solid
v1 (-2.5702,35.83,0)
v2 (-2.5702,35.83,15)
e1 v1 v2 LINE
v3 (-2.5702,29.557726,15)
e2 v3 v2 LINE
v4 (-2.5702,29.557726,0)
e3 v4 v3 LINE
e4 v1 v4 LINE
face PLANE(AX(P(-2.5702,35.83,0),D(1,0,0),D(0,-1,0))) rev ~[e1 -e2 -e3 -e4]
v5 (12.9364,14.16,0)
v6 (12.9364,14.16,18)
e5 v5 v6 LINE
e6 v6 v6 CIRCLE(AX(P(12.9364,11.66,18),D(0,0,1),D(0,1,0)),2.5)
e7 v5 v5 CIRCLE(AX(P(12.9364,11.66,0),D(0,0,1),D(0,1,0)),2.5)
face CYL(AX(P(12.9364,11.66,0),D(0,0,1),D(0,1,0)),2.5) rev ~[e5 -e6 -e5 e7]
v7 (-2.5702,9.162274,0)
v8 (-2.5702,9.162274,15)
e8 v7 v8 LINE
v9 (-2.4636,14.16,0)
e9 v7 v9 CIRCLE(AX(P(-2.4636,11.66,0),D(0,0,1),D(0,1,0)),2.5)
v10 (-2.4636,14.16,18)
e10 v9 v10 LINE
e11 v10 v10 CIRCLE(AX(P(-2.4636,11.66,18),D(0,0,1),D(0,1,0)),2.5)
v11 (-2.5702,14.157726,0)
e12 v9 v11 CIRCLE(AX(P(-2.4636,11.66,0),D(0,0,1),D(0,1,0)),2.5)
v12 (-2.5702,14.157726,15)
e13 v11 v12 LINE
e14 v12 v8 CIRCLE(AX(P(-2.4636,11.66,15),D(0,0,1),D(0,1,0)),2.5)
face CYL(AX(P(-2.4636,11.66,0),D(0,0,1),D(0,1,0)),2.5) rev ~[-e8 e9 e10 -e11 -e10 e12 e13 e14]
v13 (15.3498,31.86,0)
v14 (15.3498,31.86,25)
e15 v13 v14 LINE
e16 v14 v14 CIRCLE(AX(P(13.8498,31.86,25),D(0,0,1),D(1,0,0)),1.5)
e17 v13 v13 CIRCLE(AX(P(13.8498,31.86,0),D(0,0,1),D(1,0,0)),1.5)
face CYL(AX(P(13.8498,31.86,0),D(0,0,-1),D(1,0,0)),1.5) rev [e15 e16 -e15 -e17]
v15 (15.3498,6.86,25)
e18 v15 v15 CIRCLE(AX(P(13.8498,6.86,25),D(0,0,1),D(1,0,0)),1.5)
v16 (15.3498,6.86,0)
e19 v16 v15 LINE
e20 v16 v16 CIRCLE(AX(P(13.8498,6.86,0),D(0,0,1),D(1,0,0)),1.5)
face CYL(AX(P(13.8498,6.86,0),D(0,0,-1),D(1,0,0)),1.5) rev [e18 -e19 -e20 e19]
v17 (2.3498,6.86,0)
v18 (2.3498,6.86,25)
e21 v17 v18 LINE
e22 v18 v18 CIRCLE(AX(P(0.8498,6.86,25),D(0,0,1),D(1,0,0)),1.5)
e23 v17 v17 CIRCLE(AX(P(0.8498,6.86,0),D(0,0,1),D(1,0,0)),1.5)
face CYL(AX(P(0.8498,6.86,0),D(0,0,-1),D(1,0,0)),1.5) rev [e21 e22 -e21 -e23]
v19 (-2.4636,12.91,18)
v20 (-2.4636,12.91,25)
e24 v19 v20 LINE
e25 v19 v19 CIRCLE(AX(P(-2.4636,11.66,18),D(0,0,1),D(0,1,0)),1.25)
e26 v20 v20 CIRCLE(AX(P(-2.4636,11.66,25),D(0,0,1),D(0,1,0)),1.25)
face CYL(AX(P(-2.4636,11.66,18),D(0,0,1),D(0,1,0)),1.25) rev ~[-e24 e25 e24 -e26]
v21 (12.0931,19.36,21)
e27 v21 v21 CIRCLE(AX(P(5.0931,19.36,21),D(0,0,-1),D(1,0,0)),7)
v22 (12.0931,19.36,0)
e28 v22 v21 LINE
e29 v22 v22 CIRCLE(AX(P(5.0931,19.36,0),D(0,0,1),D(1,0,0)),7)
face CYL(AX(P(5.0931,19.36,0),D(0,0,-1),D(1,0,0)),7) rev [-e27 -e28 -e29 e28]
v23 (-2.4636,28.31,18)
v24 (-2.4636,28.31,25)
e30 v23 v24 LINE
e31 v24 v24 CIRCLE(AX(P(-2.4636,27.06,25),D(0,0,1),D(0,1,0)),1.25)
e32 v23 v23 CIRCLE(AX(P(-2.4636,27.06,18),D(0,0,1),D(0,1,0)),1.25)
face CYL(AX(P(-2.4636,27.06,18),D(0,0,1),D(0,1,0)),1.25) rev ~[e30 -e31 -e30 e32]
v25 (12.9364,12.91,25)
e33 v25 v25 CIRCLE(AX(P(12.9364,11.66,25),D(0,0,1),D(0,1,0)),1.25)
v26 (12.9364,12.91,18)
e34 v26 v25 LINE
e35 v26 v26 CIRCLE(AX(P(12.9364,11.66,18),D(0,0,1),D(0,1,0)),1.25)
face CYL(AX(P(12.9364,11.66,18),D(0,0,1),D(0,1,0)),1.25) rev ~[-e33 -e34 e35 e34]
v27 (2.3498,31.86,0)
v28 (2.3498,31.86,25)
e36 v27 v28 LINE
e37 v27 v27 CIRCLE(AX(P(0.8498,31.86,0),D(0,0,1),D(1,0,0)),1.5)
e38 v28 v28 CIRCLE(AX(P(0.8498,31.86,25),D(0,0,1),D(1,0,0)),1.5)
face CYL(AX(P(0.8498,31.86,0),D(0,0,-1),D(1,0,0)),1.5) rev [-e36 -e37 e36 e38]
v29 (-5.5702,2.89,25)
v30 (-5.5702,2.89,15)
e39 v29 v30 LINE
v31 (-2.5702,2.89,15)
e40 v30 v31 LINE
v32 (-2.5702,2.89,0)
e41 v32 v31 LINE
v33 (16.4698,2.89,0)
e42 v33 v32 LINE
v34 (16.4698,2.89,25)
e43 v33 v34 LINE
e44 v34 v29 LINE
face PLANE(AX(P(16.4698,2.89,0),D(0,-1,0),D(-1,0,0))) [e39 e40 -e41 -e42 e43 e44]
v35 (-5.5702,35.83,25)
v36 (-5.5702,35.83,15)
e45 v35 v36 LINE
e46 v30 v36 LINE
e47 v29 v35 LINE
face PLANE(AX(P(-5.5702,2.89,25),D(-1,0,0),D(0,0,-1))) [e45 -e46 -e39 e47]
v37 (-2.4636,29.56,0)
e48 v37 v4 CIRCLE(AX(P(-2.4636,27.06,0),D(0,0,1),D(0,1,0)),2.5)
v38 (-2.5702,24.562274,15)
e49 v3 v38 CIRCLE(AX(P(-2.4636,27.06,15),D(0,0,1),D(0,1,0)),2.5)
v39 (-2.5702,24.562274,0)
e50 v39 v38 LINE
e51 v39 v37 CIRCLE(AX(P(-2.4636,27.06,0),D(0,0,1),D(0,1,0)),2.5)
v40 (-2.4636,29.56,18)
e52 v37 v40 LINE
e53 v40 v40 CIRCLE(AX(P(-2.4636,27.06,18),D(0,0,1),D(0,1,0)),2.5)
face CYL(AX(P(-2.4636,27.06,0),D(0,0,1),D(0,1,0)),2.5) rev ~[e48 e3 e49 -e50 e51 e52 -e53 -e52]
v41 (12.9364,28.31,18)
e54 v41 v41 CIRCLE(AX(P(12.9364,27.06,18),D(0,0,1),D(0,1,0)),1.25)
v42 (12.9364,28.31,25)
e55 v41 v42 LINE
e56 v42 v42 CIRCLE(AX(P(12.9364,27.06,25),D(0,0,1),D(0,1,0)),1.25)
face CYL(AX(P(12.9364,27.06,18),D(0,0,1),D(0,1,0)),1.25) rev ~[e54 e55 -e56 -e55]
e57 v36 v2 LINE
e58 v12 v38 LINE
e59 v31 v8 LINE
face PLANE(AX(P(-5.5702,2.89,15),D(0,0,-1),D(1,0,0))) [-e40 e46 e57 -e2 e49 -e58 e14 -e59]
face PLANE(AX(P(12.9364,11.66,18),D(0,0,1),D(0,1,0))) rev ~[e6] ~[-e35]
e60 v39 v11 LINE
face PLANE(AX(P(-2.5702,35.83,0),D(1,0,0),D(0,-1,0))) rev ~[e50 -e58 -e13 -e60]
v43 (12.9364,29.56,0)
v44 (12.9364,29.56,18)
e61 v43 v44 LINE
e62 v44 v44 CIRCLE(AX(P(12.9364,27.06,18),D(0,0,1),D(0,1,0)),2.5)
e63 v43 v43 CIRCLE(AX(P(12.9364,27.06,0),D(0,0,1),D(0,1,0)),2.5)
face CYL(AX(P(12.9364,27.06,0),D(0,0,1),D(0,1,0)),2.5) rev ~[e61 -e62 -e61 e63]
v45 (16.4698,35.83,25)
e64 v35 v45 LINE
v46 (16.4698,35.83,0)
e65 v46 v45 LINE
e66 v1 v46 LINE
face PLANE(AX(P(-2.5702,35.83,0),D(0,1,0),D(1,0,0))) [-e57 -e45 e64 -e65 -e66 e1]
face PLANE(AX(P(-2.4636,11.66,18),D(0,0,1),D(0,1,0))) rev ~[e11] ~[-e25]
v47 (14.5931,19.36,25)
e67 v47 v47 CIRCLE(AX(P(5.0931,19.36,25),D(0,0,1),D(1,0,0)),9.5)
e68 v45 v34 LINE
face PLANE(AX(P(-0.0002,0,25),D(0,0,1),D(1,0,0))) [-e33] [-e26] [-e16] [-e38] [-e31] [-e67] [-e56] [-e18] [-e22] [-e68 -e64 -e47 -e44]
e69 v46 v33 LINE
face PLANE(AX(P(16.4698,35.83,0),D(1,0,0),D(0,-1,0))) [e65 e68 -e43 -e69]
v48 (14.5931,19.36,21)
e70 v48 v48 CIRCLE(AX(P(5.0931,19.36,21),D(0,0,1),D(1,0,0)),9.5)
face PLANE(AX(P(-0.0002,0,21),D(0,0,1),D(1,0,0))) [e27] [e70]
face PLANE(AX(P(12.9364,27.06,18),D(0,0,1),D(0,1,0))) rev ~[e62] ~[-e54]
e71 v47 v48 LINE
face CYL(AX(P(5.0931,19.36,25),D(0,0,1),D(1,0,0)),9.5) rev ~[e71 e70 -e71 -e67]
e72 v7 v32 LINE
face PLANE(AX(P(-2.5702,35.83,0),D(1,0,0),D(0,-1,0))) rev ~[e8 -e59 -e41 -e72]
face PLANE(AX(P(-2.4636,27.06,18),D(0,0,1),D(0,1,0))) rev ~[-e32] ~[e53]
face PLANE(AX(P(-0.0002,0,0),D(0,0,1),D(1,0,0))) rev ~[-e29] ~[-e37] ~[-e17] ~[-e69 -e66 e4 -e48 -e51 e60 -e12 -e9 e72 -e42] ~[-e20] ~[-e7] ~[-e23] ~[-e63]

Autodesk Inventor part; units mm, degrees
ref_plane "YZ Plane" through (0, 0, 0) normal (1, 0, 0) x (0, 1, 0)
ref_plane "XZ Plane" through (0, 0, 0) normal (0, 1, 0) x (-1, 0, 0)
ref_plane "XY Plane" through (0, 0, 0) normal (0, 0, 1) x (1, 0, 0)
ref_plane "Arbeitsebene1" through (-0.0002, 0, 0) normal (0, 0, 1) x (1, 0, 0)
sketch "Skizze1" plane through (-0.0002, 0, 0) normal (0, 0, 1) x (1, 0, 0)
  circle A0 centre (13.85, 6.86) radius 1.5 projected
  circle A1 centre (0.85, 31.86) radius 1.5 projected
  circle A2 centre (13.85, 31.86) radius 1.5 projected
  circle A3 centre (0.85, 6.86) radius 1.5 projected
  circle A4 centre (5.0933, 19.36) radius 5.5 projected
  line L0 (-3.07, 5.49) -> (-3.07, 33.23) projected
  line L1 (-3.07, 5.49) -> (-16.87, 5.49) projected
  line L2 (-16.87, 13.31) -> (-16.87, 5.49) projected
  line L3 (-16.8476, 13.31) -> (-16.87, 13.31) projected
  line L4 (-16.8476, 25.41) -> (-16.8476, 13.31) projected
  line L5 (-16.87, 25.41) -> (-16.8476, 25.41) projected
  line L6 (-16.87, 33.23) -> (-16.87, 25.41) projected
  line L7 (-3.07, 33.23) -> (-16.87, 33.23) projected
  line L8 (-16.87, 40.13) -> (-16.87, 44.21) projected
  line L9 (-20.77, 36.23) -> (-16.87, 40.13) projected
  line L10 (-24.85, 36.23) -> (-20.77, 36.23) projected
  line L11 (-24.85, 2.49) -> (-24.85, 36.23) projected
  line L12 (-20.77, 2.49) -> (-24.85, 2.49) projected
  line L13 (-16.87, -1.41) -> (-20.77, 2.49) projected
  line L14 (-16.87, -1.41) -> (-16.87, -5.49) projected
  line L15 (-16.87, -5.49) -> (16.87, -5.49) projected
  line L16 (16.87, -5.49) -> (16.87, -1.41) projected
  line L17 (20.77, 2.49) -> (16.87, -1.41) projected
  line L18 (24.85, 2.49) -> (20.77, 2.49) projected
  line L19 (24.85, 36.23) -> (24.85, 2.49) projected
  line L20 (20.77, 36.23) -> (24.85, 36.23) projected
  line L21 (16.87, 40.13) -> (20.77, 36.23) projected
  line L22 (16.87, 44.21) -> (16.87, 40.13) projected
  line L23 (-16.87, 44.21) -> (16.87, 44.21) projected
  line L24 (16.97, 36.33) -> (16.97, 2.39) projected
  line L25 (-16.97, 36.33) -> (16.97, 36.33) construction
  line L26 (-16.97, 2.39) -> (-16.97, 36.33) projected
  line L27 (16.97, 2.39) -> (-16.97, 2.39) construction
  line L28 (16.97, 2.39) -> (-16.97, 2.39) projected
  line L29 (16.47, 35.83) -> (16.47, 2.89)
  line L30 (16.47, 2.89) -> (-16.47, 2.89)
  line L31 (-16.47, 2.89) -> (-16.47, 35.83)
  line L32 (-16.47, 35.83) -> (16.47, 35.83)
  line L33 (-2.57, 35.83) -> (-2.57, 2.89)
  circle A5 centre (5.0933, 19.36) radius 7
  point P0 (0.0002, 0)
  dimension "d0" = 0.5
  dimension "d1" = 0.5
  dimension "d18" = 14
extrude "Extrusion1" add sketch "Skizze1" along normal blind 25 contours L33 L32 L29 L30
sketch "Skizze2" plane through (-2.5702, 2.89, 0) normal (0, -1, 0) x (1, 0, 0)
  line L0 (0, 0) -> (0, 25) projected
  line L1 (0, 25) -> (-3, 25)
  line L2 (-3, 25) -> (-3, 15)
  line L3 (-3, 15) -> (0, 15)
  line L4 (0, 15) -> (0, 25)
  point P0 (2.5702, 0)
  point P1 (0, 15)
  dimension "d4" = 3
  dimension "d5" = 10
extrude "Extrusion2" add sketch "Skizze2" against normal up to surface (32.94 mm away)
sketch "Skizze3" plane through (-0.0002, 0, 0) normal (0, 0, -1) x (-1, 0, 0)
  circle A0 centre (2.4634, 11.66) radius 1 projected
  circle A1 centre (-13.85, 6.86) radius 1.5 projected
  circle A2 centre (-12.9366, 27.06) radius 1 projected
  circle A3 centre (2.4634, 27.06) radius 1 projected
  circle A4 centre (-12.9366, 27.06) radius 1 projected
  arc A5 (-14.6686, 11.41) -> (-13.1866, 9.9279) centre (-12.9366, 11.66) ccw projected
  arc A6 (-13.1866, 13.3921) -> (-14.6686, 11.91) centre (-12.9366, 11.66) ccw projected
  point P0 (-0.0002, 0)
hole "Bohrung1" at (-2.4636, 11.66, 0) at (-2.4636, 27.06, 0) at (12.9364, 27.06, 0) at (12.9364, 11.66, 0) direction (0, 0, 1) diameter 2.5 end through all counterbore diameter 5 counterbore depth 18
sketch "Skizze4" plane through (-0.0002, 0, 25) normal (0, 0, 1) x (1, 0, 0)
  circle A0 centre (5.0933, 19.36) radius 5.5 projected
  circle A1 centre (5.0933, 19.36) radius 9.5
  point P0 (0.0002, 0)
  dimension "d15" = 19
extrude "Extrusion3" cut sketch "Skizze4" against normal blind 4 contours A0 | A1
properties part number "30_Cube_Z_Focus_NEMA8_captive_motorbase_v0"
